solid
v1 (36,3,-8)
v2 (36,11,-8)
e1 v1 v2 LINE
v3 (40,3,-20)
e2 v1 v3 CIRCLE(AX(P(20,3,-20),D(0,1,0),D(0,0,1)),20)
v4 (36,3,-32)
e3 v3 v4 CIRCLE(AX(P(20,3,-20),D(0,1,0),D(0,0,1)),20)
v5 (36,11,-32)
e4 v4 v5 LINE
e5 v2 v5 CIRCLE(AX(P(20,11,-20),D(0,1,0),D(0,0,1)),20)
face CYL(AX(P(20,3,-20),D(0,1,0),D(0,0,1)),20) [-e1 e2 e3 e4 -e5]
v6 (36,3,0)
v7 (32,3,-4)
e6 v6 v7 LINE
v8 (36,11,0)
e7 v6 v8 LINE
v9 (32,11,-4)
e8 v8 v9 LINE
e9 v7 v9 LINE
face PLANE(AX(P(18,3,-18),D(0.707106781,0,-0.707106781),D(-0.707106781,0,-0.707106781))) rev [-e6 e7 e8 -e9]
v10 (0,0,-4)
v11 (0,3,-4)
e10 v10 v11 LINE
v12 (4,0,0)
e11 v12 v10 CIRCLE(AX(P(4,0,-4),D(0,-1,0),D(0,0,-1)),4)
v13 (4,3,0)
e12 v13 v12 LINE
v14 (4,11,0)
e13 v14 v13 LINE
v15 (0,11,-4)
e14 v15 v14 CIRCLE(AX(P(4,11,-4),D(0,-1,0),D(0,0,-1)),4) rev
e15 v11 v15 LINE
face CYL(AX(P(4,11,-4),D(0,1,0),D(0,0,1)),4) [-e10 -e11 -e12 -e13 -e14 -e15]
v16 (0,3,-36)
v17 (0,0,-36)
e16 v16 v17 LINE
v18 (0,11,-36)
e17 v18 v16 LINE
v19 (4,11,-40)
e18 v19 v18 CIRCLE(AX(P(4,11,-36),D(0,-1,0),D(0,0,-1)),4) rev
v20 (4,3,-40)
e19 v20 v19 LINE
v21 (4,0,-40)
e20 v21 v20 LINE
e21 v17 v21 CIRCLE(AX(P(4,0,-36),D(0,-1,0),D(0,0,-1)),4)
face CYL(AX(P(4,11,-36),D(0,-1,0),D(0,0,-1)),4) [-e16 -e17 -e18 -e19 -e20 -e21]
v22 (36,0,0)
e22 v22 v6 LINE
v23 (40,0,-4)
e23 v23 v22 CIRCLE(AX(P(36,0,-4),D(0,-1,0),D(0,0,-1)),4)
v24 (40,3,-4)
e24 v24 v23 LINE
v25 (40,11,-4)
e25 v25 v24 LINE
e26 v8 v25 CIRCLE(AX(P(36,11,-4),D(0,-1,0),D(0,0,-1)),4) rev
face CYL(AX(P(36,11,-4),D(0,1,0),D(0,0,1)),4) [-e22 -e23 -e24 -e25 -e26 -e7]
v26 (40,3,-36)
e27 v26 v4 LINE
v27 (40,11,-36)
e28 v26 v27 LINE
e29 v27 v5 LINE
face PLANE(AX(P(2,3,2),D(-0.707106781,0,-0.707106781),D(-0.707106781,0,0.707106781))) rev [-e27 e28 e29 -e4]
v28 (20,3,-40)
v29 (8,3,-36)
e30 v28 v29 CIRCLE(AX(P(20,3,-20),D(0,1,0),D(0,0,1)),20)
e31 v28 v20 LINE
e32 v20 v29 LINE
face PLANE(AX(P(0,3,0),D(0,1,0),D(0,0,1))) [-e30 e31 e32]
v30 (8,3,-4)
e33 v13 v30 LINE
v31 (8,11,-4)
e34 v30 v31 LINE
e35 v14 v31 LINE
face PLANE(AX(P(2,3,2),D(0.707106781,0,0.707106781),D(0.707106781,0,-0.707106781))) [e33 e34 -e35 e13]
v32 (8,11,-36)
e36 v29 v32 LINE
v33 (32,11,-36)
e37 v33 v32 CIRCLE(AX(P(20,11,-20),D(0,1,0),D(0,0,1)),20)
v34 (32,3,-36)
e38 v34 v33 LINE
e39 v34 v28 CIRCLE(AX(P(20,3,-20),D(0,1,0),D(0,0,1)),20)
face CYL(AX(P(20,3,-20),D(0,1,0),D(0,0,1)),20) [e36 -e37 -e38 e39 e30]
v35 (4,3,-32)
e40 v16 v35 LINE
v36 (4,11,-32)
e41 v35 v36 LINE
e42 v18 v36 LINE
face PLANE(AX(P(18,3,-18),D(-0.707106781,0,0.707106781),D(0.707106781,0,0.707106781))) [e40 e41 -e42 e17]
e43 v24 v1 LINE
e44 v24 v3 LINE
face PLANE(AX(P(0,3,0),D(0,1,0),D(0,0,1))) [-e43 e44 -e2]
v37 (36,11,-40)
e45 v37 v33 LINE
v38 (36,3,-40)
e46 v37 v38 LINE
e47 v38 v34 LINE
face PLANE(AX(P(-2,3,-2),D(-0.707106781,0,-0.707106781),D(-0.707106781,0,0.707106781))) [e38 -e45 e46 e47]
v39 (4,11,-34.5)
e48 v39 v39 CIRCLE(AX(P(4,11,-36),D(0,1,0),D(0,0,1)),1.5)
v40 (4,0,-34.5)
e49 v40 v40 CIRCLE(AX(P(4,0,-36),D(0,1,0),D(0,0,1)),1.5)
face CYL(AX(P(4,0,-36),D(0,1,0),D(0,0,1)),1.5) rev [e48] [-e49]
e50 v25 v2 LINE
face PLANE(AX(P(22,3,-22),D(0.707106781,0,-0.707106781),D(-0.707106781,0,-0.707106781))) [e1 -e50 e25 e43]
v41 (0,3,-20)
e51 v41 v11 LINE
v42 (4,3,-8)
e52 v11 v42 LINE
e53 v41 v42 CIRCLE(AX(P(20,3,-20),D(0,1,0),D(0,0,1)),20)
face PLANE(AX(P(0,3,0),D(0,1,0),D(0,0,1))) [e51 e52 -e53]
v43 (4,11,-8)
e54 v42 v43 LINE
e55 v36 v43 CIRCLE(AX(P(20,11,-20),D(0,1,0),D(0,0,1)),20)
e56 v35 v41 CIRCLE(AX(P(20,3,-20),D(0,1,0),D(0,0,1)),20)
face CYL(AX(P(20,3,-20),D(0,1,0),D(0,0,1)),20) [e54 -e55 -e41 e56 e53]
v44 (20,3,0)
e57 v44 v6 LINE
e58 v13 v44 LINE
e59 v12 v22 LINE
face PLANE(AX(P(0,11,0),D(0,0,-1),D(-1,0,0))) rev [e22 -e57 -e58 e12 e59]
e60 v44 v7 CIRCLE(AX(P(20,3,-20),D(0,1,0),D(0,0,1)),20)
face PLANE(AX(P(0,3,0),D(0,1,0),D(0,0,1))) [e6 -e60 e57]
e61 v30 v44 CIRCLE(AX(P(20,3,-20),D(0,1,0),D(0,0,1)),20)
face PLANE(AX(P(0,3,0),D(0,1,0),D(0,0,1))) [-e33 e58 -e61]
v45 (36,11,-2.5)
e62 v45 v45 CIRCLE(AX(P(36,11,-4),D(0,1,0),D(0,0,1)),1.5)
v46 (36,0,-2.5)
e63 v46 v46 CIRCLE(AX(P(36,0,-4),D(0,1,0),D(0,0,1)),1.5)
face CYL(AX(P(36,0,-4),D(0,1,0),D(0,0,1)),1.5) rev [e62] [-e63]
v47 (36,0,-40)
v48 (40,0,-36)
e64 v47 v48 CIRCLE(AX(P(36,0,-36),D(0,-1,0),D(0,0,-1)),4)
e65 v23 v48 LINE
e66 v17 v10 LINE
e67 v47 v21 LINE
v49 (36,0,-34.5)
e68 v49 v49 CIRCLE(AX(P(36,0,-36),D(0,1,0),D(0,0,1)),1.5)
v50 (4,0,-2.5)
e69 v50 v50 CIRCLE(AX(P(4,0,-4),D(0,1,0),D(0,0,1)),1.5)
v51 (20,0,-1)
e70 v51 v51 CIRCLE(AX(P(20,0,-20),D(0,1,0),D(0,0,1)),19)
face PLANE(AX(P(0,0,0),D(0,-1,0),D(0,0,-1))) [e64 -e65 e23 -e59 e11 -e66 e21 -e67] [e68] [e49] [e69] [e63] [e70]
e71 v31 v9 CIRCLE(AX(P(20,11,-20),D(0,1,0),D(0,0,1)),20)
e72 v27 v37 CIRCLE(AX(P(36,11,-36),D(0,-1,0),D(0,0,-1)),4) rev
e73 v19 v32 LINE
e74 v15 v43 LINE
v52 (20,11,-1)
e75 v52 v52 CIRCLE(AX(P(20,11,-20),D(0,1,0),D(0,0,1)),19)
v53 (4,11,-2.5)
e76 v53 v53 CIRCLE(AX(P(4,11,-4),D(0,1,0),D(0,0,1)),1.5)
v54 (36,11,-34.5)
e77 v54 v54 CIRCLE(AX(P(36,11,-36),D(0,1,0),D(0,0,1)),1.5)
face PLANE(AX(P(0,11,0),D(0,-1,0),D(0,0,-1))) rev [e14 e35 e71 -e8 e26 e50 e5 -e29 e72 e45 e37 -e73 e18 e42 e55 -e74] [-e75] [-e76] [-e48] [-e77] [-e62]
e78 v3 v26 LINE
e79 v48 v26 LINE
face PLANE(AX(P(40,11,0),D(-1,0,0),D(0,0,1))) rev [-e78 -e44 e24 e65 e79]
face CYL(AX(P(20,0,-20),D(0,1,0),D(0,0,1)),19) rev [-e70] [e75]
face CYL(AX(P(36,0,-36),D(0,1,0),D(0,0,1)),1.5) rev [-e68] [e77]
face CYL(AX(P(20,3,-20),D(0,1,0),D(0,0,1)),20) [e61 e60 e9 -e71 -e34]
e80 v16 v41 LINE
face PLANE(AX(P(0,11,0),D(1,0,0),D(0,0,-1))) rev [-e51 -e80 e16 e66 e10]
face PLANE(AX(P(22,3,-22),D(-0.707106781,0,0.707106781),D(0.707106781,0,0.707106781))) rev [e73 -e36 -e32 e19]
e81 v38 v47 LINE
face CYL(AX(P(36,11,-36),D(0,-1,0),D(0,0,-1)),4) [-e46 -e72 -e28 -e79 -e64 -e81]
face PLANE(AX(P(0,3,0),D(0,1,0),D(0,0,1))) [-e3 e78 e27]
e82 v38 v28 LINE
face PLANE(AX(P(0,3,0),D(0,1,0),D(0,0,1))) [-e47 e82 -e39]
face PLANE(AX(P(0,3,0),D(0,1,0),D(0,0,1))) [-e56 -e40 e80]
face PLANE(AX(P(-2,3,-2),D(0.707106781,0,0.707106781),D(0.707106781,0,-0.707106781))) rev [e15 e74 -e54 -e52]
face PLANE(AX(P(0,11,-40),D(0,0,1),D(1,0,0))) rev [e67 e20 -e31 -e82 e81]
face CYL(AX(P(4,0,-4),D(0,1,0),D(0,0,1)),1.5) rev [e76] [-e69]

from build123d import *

# Parameters (mm, degrees)
SKETCH1_W           = 40
SKETCH1_H           = 40
BOSS_EXTRUDE1_DEPTH = 11
FILLET1_R           = 4
FILLET2_R           = 4
FILLET3_R           = 4
FILLET4_R           = 4
SKETCH2_R           = 19
CUT_EXTRUDE1_DEPTH  = 11
CUT_EXTRUDE2_DEPTH  = 8
SKETCH4_R           = 1.5
CUT_EXTRUDE3_DEPTH  = 11


with BuildPart() as part:
    # Sketch1 → Boss-Extrude1 (new body)
    with BuildSketch(Plane(origin=(0, 0, 0), x_dir=(1, 0, 0), z_dir=(0, 1, 0))):
        with Locations((20, 20)):
            Rectangle(SKETCH1_W, SKETCH1_H)
    extrude(amount=BOSS_EXTRUDE1_DEPTH)

    # Fillet1
    fillet1_edges = [part.edges().sort_by_distance(p)[0] for p in [
        (40, 5.5, 0),
    ]]
    fillet(fillet1_edges, radius=FILLET1_R)

    # Fillet2
    fillet2_edges = [part.edges().sort_by_distance(p)[0] for p in [
        (0, 5.5, 0),
    ]]
    fillet(fillet2_edges, radius=FILLET2_R)

    # Fillet3
    fillet3_edges = [part.edges().sort_by_distance(p)[0] for p in [
        (0, 5.5, -40),
    ]]
    fillet(fillet3_edges, radius=FILLET3_R)

    # Fillet4
    fillet4_edges = [part.edges().sort_by_distance(p)[0] for p in [
        (40, 5.5, -40),
    ]]
    fillet(fillet4_edges, radius=FILLET4_R)

    # Sketch2 → Cut-Extrude1 (cut)
    with BuildSketch(Plane(origin=(0, 11, 0), x_dir=(1, 0, 0), z_dir=(0, 1, 0))):
        with Locations(Location((20, 20, 0), (0, 0, 270))):
            Circle(SKETCH2_R)
    extrude(amount=-CUT_EXTRUDE1_DEPTH, mode=Mode.SUBTRACT)

    # Sketch3 → Cut-Extrude2 (cut)
    with BuildSketch(Plane(origin=(0, 11, 0), x_dir=(1, 0, 0), z_dir=(0, 1, 0))):
        with BuildLine():
            Line((4, 32), (0, 36))
            Line((0, 36), (0, 20))
            ThreePointArc((0, 20), (1.026334039, 26.32455532), (4, 32))
        make_face()
        with BuildLine():
            Line((4, 40), (8, 36))
            ThreePointArc((8, 36), (13.67544468, 38.973665961), (20, 40))
            Line((20, 40), (4, 40))
        make_face()
        with BuildLine():
            Line((36, 40), (20, 40))
            ThreePointArc((20, 40), (26.32455532, 38.973665961), (32, 36))
            Line((32, 36), (36, 40))
        make_face()
        with BuildLine():
            Line((40, 36), (36, 32))
            ThreePointArc((36, 32), (38.973665961, 26.32455532), (40, 20))
            Line((40, 20), (40, 36))
        make_face()
        with BuildLine():
            Line((40, 4), (40, 20))
            ThreePointArc((40, 20), (38.973665961, 13.67544468), (36, 8))
            Line((36, 8), (40, 4))
        make_face()
        with BuildLine():
            ThreePointArc((32, 4), (26.32455532, 1.026334039), (20, 0))
            Line((20, 0), (36, 0))
            Line((36, 0), (32, 4))
        make_face()
        with BuildLine():
            ThreePointArc((20, 0), (13.67544468, 1.026334039), (8, 4))
            Line((8, 4), (4, 0))
            Line((4, 0), (20, 0))
        make_face()
        with BuildLine():
            ThreePointArc((4, 8), (1.026334039, 13.67544468), (0, 20))
            Line((0, 20), (0, 4))
            Line((0, 4), (4, 8))
        make_face()
    extrude(amount=-CUT_EXTRUDE2_DEPTH, mode=Mode.SUBTRACT)

    # Sketch4 → Cut-Extrude3 (cut)
    with BuildSketch(Plane(origin=(0, 11, 0), x_dir=(1, 0, 0), z_dir=(0, 1, 0))):
        with Locations(Location((36, 36, 0), (0, 0, 270))):
            Circle(SKETCH4_R)
        with Locations(Location((4, 36, 0), (0, 0, 270))):
            Circle(SKETCH4_R)
        with Locations(Location((4, 4, 0), (0, 0, 270))):
            Circle(SKETCH4_R)
        with Locations(Location((36, 4, 0), (0, 0, 270))):
            Circle(SKETCH4_R)
    extrude(amount=-CUT_EXTRUDE3_DEPTH, mode=Mode.SUBTRACT)


solid = part.part
